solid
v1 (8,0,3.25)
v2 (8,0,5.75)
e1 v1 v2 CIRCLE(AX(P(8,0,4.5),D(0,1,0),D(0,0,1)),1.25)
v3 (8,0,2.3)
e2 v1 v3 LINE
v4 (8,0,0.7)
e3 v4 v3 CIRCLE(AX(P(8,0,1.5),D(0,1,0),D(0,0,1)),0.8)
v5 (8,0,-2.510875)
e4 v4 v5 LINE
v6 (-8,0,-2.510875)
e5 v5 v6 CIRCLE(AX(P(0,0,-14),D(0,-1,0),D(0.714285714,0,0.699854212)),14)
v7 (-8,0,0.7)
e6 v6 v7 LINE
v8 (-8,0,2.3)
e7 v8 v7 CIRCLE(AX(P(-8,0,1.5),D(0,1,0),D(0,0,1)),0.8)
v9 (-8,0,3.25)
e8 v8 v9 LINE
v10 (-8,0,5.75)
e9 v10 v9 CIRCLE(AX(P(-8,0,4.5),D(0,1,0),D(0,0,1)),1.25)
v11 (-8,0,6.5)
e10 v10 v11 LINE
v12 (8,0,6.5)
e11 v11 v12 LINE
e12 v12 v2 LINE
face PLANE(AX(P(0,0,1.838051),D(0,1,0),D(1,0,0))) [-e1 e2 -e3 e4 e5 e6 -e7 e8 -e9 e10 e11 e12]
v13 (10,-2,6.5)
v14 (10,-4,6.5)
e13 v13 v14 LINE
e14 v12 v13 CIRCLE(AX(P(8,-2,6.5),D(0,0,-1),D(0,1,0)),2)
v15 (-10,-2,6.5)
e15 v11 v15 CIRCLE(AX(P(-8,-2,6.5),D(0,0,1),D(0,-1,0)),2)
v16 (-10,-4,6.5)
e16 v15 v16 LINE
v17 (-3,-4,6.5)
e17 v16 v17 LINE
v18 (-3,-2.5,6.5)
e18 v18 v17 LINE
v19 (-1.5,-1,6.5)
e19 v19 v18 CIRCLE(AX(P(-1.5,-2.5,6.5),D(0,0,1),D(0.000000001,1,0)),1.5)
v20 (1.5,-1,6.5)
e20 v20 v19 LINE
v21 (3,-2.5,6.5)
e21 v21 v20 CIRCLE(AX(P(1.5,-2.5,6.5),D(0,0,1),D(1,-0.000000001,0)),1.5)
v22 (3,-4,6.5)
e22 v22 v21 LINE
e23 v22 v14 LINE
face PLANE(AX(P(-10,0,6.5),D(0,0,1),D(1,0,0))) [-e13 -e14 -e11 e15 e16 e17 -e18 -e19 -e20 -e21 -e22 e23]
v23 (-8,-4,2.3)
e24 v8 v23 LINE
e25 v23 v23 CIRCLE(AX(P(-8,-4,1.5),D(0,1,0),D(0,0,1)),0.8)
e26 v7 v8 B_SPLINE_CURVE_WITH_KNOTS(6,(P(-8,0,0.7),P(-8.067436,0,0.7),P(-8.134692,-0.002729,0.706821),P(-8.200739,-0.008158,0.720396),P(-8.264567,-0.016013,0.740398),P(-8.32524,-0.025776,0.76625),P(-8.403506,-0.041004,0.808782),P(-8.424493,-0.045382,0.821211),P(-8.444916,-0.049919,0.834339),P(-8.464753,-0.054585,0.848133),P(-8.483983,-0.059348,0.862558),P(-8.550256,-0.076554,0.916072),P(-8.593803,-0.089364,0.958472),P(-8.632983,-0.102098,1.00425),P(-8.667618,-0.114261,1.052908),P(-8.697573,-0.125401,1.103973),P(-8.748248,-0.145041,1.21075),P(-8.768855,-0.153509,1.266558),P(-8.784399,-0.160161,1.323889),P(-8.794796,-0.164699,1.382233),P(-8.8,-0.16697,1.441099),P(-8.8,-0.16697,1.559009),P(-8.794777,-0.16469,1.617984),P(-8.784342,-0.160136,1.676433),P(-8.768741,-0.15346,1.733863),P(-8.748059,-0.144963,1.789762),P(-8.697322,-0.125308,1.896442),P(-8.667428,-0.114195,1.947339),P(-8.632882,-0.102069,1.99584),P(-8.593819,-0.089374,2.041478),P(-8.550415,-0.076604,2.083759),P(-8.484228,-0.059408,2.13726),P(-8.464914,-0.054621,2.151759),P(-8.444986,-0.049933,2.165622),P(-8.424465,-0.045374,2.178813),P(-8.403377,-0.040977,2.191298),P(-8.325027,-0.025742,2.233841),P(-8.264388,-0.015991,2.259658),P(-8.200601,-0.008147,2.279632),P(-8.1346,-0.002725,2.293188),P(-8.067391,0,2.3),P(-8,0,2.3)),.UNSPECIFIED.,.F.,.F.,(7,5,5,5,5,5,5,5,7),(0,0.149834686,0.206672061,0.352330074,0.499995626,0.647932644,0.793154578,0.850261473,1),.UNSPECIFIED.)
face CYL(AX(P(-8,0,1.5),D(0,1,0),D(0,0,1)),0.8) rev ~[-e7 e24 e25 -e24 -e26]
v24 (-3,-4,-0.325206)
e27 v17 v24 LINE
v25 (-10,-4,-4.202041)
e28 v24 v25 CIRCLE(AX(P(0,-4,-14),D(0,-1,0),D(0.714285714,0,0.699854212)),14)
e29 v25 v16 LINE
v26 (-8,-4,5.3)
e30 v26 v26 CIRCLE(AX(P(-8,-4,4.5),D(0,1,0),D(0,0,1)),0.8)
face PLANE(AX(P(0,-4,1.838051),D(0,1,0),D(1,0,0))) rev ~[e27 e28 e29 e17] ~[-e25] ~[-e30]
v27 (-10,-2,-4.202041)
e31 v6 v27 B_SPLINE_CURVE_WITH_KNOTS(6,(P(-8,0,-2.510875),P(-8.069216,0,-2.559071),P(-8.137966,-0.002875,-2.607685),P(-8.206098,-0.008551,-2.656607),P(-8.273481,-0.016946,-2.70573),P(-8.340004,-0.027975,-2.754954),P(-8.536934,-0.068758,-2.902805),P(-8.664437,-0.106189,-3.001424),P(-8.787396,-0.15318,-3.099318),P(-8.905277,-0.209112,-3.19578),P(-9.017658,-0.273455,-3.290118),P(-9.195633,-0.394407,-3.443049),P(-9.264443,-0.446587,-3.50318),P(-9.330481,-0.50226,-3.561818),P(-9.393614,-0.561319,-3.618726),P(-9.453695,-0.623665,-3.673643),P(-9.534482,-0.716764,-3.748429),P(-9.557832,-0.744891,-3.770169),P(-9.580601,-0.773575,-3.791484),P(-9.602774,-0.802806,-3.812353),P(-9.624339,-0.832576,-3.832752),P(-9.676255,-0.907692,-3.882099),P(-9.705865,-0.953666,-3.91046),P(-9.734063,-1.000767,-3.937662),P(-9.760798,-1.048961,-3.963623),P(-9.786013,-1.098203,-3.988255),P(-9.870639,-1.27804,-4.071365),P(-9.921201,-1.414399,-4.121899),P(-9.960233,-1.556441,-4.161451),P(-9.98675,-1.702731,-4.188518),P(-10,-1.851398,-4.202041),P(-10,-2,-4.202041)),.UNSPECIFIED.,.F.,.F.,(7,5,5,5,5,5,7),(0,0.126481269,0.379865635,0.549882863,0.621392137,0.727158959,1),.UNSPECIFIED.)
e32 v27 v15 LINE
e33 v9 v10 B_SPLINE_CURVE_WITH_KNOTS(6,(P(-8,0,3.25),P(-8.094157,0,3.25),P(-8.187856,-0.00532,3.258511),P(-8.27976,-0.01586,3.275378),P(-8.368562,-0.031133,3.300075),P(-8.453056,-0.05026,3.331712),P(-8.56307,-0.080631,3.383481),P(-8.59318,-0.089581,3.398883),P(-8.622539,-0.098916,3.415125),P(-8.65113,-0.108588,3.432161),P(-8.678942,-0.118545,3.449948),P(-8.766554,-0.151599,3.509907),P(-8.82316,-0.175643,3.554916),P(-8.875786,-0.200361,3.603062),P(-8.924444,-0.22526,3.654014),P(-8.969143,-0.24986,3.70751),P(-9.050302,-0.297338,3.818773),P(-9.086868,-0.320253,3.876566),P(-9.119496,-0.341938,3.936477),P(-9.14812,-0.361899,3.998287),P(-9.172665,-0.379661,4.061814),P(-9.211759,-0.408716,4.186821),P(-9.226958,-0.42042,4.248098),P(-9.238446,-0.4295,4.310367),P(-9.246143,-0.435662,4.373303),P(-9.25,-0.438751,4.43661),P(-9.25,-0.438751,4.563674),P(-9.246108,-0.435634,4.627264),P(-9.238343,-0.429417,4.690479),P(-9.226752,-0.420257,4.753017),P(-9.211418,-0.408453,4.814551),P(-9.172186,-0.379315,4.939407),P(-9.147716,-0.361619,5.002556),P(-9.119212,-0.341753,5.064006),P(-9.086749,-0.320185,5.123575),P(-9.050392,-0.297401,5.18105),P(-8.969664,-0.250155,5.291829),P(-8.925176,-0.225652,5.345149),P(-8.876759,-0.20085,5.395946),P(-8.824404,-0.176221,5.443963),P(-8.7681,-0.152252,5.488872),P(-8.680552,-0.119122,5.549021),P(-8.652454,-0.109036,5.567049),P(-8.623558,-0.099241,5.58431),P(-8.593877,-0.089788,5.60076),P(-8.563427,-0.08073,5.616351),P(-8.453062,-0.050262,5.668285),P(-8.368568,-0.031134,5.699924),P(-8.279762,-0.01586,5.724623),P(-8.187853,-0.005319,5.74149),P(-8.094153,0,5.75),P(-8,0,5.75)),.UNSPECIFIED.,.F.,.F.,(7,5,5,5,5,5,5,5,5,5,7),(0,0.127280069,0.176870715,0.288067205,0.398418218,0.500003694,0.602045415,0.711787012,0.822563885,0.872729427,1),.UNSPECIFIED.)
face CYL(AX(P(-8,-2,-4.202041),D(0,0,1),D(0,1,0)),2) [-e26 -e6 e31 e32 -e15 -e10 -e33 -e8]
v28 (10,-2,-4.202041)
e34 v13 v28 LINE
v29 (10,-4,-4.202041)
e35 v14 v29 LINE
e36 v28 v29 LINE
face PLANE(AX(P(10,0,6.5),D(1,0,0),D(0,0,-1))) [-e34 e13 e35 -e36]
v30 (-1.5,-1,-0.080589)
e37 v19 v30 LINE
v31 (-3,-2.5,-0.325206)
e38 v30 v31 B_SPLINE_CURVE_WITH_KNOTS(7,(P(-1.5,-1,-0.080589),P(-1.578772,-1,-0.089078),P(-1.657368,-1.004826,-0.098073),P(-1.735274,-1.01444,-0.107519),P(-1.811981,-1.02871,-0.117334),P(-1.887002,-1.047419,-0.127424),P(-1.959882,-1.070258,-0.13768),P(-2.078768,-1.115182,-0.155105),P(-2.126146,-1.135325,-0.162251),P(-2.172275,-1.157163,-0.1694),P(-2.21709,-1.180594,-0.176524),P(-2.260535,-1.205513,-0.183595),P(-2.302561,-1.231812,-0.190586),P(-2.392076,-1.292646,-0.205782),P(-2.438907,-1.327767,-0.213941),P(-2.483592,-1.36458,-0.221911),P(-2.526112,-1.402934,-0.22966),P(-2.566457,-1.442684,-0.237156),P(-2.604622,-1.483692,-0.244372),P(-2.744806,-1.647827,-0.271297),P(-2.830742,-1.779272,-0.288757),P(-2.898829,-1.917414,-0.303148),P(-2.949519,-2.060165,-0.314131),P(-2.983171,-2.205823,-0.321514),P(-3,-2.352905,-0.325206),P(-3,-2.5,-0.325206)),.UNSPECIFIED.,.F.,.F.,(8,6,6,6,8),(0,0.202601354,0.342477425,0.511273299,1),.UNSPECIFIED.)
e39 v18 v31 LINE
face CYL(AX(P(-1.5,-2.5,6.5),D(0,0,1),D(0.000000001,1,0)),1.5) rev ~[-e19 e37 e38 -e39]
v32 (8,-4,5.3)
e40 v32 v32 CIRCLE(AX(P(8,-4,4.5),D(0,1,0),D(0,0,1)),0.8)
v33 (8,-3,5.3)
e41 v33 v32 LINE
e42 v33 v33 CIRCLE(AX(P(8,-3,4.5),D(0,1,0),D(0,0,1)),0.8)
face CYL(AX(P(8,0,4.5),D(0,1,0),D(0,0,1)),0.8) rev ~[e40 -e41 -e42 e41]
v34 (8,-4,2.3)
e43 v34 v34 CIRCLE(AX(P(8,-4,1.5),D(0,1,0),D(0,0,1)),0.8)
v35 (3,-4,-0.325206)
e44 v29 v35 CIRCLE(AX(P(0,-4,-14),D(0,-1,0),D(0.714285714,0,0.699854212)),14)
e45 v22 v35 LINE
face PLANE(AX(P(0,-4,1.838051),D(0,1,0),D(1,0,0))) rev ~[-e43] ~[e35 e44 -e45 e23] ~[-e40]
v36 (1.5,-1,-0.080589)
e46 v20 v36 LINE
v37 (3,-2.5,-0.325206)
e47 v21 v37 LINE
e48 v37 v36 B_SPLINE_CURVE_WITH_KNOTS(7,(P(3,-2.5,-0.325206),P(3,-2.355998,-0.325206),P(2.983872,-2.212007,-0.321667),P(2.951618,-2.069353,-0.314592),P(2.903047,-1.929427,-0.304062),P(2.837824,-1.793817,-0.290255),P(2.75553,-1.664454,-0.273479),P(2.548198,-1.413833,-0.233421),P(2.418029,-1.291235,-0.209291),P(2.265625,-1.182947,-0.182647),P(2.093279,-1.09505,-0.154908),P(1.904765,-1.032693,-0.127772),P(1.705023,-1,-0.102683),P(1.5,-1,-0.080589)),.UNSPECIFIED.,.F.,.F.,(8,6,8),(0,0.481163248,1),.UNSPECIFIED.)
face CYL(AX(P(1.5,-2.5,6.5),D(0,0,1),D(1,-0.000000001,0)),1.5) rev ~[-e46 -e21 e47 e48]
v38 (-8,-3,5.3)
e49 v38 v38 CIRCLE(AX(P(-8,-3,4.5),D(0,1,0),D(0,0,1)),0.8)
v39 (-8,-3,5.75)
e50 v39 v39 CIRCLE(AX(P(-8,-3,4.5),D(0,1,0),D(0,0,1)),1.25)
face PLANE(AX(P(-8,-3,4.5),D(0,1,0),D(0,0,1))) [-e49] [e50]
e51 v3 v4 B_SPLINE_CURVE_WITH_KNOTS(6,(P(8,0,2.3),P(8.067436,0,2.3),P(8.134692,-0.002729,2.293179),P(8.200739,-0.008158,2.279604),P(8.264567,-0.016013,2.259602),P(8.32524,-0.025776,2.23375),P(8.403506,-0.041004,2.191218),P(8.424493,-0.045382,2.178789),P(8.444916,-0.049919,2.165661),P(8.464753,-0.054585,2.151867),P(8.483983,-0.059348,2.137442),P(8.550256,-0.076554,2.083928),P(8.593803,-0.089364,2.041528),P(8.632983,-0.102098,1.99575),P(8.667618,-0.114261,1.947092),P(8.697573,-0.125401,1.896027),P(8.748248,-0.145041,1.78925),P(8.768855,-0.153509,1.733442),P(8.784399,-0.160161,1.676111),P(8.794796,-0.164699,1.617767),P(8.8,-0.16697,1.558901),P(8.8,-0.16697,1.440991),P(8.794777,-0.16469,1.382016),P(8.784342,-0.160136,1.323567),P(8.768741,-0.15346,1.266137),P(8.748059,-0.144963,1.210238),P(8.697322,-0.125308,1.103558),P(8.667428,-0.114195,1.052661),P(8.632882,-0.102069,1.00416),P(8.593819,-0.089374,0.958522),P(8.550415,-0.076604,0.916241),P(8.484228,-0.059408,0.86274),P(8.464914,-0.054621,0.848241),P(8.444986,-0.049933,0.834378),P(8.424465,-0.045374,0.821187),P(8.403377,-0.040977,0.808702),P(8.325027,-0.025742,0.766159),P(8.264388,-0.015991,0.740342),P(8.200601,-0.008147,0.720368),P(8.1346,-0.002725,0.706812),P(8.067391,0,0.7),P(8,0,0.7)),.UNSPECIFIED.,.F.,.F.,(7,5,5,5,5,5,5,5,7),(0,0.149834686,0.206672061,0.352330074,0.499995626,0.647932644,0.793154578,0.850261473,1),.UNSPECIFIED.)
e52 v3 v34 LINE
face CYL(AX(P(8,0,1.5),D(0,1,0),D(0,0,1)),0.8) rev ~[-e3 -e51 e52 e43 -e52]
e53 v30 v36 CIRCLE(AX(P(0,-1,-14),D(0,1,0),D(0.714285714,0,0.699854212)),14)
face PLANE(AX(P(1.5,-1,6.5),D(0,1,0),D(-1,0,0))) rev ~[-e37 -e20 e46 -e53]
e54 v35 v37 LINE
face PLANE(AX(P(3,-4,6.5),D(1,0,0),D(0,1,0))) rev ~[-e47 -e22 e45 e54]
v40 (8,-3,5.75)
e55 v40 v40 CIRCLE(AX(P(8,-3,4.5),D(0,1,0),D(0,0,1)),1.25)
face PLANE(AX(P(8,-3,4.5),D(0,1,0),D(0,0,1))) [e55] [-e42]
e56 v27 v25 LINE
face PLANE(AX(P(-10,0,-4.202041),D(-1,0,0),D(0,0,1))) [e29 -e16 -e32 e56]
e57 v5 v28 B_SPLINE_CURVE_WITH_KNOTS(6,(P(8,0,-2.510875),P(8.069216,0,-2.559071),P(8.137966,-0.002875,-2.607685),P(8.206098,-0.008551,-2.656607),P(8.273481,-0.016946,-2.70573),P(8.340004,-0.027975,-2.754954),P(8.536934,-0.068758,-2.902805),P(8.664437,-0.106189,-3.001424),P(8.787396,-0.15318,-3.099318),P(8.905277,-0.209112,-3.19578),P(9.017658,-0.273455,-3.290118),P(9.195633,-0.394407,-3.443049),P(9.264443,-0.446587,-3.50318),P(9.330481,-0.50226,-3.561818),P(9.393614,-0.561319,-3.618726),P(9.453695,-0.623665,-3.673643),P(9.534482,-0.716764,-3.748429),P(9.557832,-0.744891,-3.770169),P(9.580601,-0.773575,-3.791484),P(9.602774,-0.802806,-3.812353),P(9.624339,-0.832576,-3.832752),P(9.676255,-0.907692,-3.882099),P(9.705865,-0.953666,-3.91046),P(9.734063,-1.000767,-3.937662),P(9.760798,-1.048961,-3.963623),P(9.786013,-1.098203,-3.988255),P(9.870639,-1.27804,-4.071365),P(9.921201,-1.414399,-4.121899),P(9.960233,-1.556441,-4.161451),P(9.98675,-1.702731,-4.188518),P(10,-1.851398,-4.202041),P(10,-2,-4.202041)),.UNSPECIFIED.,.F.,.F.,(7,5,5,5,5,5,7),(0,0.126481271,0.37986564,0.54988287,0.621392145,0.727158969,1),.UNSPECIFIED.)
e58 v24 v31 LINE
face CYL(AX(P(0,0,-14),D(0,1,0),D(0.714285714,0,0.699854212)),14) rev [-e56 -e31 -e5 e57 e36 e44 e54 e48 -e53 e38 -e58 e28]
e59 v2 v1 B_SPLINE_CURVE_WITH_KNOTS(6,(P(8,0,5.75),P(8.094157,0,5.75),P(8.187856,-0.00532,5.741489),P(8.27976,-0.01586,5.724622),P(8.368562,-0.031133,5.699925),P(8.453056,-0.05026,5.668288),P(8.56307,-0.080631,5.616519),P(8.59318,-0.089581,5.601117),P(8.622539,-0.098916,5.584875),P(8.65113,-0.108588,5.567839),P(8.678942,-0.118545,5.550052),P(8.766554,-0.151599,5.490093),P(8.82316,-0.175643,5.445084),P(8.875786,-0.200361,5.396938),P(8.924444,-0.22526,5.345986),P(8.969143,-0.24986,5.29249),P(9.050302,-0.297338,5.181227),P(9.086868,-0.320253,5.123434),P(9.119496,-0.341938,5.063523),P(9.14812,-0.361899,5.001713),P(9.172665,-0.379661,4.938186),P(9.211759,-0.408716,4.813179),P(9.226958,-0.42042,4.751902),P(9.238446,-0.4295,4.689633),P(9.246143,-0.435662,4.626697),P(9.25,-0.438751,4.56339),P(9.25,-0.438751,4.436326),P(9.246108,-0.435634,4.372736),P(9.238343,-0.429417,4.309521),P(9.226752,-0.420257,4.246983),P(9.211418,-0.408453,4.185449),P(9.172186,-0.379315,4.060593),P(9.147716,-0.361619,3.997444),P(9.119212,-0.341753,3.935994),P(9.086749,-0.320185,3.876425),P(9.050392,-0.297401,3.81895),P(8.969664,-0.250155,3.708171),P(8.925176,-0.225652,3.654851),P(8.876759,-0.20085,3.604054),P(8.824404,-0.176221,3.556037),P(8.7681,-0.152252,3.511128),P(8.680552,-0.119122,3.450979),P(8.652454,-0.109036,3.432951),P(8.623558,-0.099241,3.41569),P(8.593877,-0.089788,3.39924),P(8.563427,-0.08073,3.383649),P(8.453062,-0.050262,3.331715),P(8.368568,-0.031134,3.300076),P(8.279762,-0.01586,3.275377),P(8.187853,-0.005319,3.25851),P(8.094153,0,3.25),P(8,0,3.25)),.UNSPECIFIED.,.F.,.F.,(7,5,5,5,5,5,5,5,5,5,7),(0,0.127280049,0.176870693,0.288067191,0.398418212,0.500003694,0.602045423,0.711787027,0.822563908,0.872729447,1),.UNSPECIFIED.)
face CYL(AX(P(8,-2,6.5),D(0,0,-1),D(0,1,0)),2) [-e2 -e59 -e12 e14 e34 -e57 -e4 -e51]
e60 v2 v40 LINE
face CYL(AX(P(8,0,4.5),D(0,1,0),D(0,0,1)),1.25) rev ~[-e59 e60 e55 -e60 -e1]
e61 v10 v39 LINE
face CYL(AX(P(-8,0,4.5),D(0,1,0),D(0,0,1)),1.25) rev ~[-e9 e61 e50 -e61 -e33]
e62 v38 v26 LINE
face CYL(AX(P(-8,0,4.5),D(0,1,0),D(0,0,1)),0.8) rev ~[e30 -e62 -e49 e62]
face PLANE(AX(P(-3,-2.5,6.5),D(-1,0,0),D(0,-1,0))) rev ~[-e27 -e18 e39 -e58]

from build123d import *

# Parameters (mm, degrees)
BOSS_EXTRUDE1_DEPTH = 4
CUT_EXTRUDE1_START  = 6.5
CUT_EXTRUDE1_DEPTH  = 20.079745625
FILLET1_R           = 2
SKETCH2_R           = 0.8
SCREW_HOLES_DEPTH   = 13.579745788
SKETCH4_R           = 1.25
SCREW_HEADS_DEPTH   = 3


with BuildPart() as part:
    # Sketch5 → Boss-Extrude1 (new body)
    with BuildSketch(Plane(origin=(0, 0, 0), x_dir=(1, 0, 0), z_dir=(0, 1, 0))):
        with BuildLine():
            Line((-10, -6.5), (10, -6.5))
            Line((10, -6.5), (10, 4.202041029))
            ThreePointArc((10, 4.202041029), (0, 0), (-10, 4.202041029))
            Line((-10, 4.202041029), (-10, -6.5))
        make_face()
    extrude(amount=-BOSS_EXTRUDE1_DEPTH)

    # Sketch3 → Cut-Extrude1 (cut, through all)
    with BuildSketch(Plane.XY.offset(CUT_EXTRUDE1_START)):
        with BuildLine():
            Line((3, -4), (3, -2.5))
            ThreePointArc((3, -2.5), (2.560660172, -1.439339828), (1.5, -1))
            Line((1.5, -1), (-1.5, -1))
            ThreePointArc((-1.5, -1), (-2.560660172, -1.439339828), (-3, -2.5))
            Line((-3, -2.5), (-3, -4))
            Line((-3, -4), (0, -4))
            Line((0, -4), (3, -4))
        make_face()
    extrude(amount=-CUT_EXTRUDE1_DEPTH, mode=Mode.SUBTRACT)

    # Fillet1
    fillet1_edges = [part.edges().sort_by_distance(p)[0] for p in [
        (10, 0, 1.148979486),
        (-10, 0, 1.148979486),
    ]]
    fillet(fillet1_edges, radius=FILLET1_R)

    # Sketch2 → Screw Holes (cut, through all)
    with BuildSketch(Plane(origin=(0, 0, 0), x_dir=(1, 0, 0), z_dir=(0, 1, 0))):
        with Locations(Location((-8, -1.5, 0), (0, 0, 270))):
            Circle(SKETCH2_R)
        with Locations(Location((8, -1.5, 0), (0, 0, 270))):
            Circle(SKETCH2_R)
        with Locations(Location((8, -4.5, 0), (0, 0, 270))):
            Circle(SKETCH2_R)
        with Locations(Location((-8, -4.5, 0), (0, 0, 270))):
            Circle(SKETCH2_R)
    extrude(amount=-SCREW_HOLES_DEPTH, mode=Mode.SUBTRACT)

    # Sketch4 → Screw Heads (cut)
    with BuildSketch(Plane(origin=(0, 0, 0), x_dir=(1, 0, 0), z_dir=(0, 1, 0))):
        with Locations(Location((-8, -4.5, 0), (0, 0, 270))):
            Circle(SKETCH4_R)
        with Locations(Location((8, -4.5, 0), (0, 0, 270))):
            Circle(SKETCH4_R)
    extrude(amount=-SCREW_HEADS_DEPTH, mode=Mode.SUBTRACT)


solid = part.part
